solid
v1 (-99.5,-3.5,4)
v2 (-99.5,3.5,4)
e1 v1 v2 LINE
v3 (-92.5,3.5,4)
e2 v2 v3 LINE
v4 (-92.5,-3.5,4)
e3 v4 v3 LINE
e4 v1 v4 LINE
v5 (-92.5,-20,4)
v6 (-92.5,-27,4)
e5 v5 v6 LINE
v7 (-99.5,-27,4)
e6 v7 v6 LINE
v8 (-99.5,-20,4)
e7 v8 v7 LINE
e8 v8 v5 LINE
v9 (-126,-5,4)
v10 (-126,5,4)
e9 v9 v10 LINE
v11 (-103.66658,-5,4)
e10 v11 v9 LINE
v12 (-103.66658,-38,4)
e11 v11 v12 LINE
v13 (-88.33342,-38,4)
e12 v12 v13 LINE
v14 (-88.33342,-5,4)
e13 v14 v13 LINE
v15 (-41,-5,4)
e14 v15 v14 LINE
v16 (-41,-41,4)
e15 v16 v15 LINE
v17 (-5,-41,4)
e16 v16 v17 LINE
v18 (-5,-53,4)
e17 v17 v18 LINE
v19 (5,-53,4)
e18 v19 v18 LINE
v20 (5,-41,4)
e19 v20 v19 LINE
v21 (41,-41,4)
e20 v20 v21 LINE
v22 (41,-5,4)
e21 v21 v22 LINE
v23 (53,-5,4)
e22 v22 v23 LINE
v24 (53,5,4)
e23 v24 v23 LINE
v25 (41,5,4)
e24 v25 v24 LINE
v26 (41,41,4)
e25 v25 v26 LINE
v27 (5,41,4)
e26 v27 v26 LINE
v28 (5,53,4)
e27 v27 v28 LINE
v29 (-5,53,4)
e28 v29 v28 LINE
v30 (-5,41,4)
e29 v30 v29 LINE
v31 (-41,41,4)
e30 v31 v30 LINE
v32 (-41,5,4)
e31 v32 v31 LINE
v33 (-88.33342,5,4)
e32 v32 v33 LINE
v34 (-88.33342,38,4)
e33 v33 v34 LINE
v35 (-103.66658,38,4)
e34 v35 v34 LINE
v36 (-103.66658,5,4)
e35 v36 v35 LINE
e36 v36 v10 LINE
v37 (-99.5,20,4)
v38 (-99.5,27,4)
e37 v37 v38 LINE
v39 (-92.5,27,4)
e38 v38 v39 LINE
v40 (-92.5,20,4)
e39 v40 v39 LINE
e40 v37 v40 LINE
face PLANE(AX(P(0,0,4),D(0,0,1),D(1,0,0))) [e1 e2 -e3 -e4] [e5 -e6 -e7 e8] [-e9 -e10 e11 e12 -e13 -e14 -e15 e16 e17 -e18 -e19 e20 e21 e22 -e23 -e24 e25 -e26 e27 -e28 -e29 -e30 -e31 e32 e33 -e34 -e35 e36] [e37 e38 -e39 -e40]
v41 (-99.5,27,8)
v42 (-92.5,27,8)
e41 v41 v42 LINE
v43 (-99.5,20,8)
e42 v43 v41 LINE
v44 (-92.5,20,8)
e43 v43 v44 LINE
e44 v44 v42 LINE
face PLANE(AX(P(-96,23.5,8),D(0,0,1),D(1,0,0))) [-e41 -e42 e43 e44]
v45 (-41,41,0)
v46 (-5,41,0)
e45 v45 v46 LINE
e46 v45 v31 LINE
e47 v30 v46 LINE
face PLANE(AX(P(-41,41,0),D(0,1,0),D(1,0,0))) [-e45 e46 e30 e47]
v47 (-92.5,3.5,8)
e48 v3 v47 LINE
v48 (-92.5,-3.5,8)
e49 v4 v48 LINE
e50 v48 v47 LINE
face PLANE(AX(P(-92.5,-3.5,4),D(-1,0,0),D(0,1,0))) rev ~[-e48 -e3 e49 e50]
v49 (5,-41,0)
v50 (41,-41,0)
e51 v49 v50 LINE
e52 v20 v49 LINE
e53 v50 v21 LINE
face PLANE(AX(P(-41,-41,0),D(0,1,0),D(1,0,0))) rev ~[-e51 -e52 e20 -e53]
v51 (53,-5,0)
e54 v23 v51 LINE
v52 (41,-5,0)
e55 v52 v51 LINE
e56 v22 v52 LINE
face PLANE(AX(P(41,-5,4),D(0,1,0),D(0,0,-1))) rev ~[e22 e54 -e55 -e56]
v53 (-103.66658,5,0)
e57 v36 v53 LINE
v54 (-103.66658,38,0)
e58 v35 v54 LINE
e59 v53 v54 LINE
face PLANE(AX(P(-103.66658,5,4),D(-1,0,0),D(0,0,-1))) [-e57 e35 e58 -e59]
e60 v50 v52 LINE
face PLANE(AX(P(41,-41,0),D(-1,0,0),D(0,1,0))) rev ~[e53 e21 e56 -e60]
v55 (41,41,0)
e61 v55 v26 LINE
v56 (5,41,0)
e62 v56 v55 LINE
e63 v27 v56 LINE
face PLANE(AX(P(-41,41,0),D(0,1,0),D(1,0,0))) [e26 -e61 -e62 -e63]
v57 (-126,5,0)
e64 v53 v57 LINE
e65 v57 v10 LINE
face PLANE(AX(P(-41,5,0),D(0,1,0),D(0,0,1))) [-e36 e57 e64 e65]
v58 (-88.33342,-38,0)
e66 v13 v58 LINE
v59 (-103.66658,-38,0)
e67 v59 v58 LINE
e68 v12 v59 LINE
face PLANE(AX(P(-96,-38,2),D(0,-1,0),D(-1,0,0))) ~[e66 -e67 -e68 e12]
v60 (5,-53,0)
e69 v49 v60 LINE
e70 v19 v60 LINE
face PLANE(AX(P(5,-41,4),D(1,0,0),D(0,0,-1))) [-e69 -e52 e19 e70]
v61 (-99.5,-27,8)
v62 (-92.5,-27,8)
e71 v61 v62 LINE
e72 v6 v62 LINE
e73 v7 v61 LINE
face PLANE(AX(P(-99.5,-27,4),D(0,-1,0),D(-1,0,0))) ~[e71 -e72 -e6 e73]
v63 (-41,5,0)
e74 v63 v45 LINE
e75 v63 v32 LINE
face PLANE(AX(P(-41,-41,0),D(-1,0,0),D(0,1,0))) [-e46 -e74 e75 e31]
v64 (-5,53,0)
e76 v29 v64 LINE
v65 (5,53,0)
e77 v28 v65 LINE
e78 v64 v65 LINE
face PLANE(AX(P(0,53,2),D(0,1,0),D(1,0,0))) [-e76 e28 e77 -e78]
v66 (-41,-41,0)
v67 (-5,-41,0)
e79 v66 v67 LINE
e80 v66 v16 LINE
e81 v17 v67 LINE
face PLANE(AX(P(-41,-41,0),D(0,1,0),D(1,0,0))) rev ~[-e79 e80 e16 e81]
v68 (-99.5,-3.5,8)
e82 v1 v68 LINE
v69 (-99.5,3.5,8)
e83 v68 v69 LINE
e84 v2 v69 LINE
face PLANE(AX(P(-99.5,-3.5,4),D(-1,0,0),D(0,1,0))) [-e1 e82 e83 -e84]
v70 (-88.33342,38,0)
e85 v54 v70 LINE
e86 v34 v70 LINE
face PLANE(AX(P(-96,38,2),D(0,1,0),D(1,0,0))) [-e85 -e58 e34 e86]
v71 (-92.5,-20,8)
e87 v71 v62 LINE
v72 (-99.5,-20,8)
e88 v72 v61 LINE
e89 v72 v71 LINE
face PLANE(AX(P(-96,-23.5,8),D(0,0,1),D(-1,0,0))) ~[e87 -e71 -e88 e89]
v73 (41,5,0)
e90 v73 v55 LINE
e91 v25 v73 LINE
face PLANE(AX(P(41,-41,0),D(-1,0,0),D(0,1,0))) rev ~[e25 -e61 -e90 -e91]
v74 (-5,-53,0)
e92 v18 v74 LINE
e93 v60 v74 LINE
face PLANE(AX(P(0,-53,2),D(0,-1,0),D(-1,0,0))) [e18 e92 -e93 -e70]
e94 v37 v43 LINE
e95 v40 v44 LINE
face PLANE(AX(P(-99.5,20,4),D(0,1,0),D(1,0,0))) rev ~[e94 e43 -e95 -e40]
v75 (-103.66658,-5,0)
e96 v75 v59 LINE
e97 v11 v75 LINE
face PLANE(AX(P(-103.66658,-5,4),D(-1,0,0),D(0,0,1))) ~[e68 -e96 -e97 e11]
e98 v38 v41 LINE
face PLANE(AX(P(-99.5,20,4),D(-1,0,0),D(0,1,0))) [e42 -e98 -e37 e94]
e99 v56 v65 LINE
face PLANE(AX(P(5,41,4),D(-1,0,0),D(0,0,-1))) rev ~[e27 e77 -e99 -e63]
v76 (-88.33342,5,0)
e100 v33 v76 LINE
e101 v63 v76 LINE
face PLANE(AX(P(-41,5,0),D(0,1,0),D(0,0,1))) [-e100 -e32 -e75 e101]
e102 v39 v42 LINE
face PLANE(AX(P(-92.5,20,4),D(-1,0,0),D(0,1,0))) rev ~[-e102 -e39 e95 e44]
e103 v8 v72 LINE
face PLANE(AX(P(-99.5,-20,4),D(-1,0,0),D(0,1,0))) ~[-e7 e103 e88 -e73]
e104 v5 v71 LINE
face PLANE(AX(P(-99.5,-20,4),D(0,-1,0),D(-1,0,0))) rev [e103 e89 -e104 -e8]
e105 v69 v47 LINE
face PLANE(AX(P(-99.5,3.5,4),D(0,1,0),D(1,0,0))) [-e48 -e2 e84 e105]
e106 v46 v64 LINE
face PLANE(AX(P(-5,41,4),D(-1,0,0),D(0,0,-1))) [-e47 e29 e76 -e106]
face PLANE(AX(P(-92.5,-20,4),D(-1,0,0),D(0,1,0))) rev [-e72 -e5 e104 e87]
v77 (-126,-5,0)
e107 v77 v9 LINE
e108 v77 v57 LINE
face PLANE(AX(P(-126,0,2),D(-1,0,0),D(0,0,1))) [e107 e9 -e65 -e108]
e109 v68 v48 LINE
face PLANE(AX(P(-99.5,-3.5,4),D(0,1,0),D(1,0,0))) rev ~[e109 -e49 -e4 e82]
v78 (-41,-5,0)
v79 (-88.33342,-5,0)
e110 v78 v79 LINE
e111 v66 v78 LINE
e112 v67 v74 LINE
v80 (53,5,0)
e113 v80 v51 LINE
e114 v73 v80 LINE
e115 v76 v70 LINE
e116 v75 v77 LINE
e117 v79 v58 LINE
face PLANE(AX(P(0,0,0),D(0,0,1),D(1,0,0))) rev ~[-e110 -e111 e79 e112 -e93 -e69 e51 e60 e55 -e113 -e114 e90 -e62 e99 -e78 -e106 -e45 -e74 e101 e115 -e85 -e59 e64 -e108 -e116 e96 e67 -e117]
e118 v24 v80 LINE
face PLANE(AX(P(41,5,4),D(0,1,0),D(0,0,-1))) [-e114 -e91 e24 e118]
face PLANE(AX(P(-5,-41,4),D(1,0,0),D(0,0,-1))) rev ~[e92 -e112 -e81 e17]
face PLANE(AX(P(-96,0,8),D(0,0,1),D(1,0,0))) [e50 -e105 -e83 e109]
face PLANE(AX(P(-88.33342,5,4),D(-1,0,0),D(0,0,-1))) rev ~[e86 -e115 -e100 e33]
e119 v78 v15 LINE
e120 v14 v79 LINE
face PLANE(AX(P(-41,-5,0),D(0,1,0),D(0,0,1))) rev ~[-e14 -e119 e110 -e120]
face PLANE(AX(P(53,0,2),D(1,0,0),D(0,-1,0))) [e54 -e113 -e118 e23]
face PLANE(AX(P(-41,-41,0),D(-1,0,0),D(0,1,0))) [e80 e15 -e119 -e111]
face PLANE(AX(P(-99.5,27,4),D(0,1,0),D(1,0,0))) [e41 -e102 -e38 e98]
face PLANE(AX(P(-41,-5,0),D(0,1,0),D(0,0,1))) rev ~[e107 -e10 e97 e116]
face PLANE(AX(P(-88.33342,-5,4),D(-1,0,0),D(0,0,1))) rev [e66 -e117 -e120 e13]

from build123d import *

# Parameters (mm, degrees)
SKETCH1_W           = 82
SKETCH1_H           = 82
BOSS_EXTRUDE3_DEPTH = 4
SKETCH6_W           = 10
SKETCH6_H           = 4
BOSS_EXTRUDE4_DEPTH = 12
CIRPATTERN1_COUNT   = 3
CIRPATTERN1_ANGLE   = 180
SKETCH8_W           = 4
SKETCH8_H           = 10
BOSS_EXTRUDE5_DEPTH = 85
SKETCH12_W          = 15.333160426
SKETCH12_H          = 4
BOSS_EXTRUDE6_DEPTH = 33
SKETCH9_W           = 7
SKETCH9_H           = 7
BOSS_EXTRUDE7_DEPTH = 4
SKETCH13_W          = 7
SKETCH13_H          = 7
BOSS_EXTRUDE8_DEPTH = 4


with BuildPart() as part:
    # Sketch1 → Boss-Extrude3 (new body)
    with BuildSketch(Plane.XY):
        Rectangle(SKETCH1_W, SKETCH1_H)
    extrude(amount=BOSS_EXTRUDE3_DEPTH)

    # Sketch6 → Boss-Extrude4 (add)
    with BuildSketch(Plane(origin=(0, 41, 0), x_dir=(1, 0, 0), z_dir=(0, 1, 0))):
        with Locations((0, -2)):
            Rectangle(SKETCH6_W, SKETCH6_H)
    boss_extrude4 = extrude(amount=BOSS_EXTRUDE4_DEPTH)

    # CirPattern1: Boss-Extrude4 ×3 about axis
    cirpattern1_axis = Axis((0, 0, 4.2), (0, 0, -1))
    for i in range(1, CIRPATTERN1_COUNT):
        add(boss_extrude4.rotate(cirpattern1_axis, i * CIRPATTERN1_ANGLE / (CIRPATTERN1_COUNT - 1)))

    # Sketch8 → Boss-Extrude5 (add)
    with BuildSketch(Plane.ZY.offset(41)):
        with Locations((2, 0)):
            Rectangle(SKETCH8_W, SKETCH8_H)
    extrude(amount=BOSS_EXTRUDE5_DEPTH)

    # Sketch12 → Boss-Extrude6 (add)
    with BuildSketch(Plane(origin=(0, 5, 0), x_dir=(1, 0, 0), z_dir=(0, 1, 0))):
        with Locations((-96, -2)):
            Rectangle(SKETCH12_W, SKETCH12_H)
    boss_extrude6 = extrude(amount=BOSS_EXTRUDE6_DEPTH)

    # Sketch9 → Boss-Extrude7 (add)
    with BuildSketch(Plane.XY.offset(4)):
        with Locations((-96, 0)):
            Rectangle(SKETCH9_W, SKETCH9_H)
    extrude(amount=BOSS_EXTRUDE7_DEPTH)

    # Sketch13 → Boss-Extrude8 (add)
    with BuildSketch(Plane.XY.offset(4)):
        with Locations((-96, 23.5)):
            Rectangle(SKETCH13_W, SKETCH13_H)
    boss_extrude8 = extrude(amount=BOSS_EXTRUDE8_DEPTH)

    # Mirror2: Boss-Extrude6, Boss-Extrude8 across plane
    add(boss_extrude6.mirror(Plane(origin=(0, 0, 0), x_dir=(0, 0, 1), z_dir=(0, -1, 0))))
    add(boss_extrude8.mirror(Plane(origin=(0, 0, 0), x_dir=(0, 0, 1), z_dir=(0, -1, 0))))


solid = part.part
